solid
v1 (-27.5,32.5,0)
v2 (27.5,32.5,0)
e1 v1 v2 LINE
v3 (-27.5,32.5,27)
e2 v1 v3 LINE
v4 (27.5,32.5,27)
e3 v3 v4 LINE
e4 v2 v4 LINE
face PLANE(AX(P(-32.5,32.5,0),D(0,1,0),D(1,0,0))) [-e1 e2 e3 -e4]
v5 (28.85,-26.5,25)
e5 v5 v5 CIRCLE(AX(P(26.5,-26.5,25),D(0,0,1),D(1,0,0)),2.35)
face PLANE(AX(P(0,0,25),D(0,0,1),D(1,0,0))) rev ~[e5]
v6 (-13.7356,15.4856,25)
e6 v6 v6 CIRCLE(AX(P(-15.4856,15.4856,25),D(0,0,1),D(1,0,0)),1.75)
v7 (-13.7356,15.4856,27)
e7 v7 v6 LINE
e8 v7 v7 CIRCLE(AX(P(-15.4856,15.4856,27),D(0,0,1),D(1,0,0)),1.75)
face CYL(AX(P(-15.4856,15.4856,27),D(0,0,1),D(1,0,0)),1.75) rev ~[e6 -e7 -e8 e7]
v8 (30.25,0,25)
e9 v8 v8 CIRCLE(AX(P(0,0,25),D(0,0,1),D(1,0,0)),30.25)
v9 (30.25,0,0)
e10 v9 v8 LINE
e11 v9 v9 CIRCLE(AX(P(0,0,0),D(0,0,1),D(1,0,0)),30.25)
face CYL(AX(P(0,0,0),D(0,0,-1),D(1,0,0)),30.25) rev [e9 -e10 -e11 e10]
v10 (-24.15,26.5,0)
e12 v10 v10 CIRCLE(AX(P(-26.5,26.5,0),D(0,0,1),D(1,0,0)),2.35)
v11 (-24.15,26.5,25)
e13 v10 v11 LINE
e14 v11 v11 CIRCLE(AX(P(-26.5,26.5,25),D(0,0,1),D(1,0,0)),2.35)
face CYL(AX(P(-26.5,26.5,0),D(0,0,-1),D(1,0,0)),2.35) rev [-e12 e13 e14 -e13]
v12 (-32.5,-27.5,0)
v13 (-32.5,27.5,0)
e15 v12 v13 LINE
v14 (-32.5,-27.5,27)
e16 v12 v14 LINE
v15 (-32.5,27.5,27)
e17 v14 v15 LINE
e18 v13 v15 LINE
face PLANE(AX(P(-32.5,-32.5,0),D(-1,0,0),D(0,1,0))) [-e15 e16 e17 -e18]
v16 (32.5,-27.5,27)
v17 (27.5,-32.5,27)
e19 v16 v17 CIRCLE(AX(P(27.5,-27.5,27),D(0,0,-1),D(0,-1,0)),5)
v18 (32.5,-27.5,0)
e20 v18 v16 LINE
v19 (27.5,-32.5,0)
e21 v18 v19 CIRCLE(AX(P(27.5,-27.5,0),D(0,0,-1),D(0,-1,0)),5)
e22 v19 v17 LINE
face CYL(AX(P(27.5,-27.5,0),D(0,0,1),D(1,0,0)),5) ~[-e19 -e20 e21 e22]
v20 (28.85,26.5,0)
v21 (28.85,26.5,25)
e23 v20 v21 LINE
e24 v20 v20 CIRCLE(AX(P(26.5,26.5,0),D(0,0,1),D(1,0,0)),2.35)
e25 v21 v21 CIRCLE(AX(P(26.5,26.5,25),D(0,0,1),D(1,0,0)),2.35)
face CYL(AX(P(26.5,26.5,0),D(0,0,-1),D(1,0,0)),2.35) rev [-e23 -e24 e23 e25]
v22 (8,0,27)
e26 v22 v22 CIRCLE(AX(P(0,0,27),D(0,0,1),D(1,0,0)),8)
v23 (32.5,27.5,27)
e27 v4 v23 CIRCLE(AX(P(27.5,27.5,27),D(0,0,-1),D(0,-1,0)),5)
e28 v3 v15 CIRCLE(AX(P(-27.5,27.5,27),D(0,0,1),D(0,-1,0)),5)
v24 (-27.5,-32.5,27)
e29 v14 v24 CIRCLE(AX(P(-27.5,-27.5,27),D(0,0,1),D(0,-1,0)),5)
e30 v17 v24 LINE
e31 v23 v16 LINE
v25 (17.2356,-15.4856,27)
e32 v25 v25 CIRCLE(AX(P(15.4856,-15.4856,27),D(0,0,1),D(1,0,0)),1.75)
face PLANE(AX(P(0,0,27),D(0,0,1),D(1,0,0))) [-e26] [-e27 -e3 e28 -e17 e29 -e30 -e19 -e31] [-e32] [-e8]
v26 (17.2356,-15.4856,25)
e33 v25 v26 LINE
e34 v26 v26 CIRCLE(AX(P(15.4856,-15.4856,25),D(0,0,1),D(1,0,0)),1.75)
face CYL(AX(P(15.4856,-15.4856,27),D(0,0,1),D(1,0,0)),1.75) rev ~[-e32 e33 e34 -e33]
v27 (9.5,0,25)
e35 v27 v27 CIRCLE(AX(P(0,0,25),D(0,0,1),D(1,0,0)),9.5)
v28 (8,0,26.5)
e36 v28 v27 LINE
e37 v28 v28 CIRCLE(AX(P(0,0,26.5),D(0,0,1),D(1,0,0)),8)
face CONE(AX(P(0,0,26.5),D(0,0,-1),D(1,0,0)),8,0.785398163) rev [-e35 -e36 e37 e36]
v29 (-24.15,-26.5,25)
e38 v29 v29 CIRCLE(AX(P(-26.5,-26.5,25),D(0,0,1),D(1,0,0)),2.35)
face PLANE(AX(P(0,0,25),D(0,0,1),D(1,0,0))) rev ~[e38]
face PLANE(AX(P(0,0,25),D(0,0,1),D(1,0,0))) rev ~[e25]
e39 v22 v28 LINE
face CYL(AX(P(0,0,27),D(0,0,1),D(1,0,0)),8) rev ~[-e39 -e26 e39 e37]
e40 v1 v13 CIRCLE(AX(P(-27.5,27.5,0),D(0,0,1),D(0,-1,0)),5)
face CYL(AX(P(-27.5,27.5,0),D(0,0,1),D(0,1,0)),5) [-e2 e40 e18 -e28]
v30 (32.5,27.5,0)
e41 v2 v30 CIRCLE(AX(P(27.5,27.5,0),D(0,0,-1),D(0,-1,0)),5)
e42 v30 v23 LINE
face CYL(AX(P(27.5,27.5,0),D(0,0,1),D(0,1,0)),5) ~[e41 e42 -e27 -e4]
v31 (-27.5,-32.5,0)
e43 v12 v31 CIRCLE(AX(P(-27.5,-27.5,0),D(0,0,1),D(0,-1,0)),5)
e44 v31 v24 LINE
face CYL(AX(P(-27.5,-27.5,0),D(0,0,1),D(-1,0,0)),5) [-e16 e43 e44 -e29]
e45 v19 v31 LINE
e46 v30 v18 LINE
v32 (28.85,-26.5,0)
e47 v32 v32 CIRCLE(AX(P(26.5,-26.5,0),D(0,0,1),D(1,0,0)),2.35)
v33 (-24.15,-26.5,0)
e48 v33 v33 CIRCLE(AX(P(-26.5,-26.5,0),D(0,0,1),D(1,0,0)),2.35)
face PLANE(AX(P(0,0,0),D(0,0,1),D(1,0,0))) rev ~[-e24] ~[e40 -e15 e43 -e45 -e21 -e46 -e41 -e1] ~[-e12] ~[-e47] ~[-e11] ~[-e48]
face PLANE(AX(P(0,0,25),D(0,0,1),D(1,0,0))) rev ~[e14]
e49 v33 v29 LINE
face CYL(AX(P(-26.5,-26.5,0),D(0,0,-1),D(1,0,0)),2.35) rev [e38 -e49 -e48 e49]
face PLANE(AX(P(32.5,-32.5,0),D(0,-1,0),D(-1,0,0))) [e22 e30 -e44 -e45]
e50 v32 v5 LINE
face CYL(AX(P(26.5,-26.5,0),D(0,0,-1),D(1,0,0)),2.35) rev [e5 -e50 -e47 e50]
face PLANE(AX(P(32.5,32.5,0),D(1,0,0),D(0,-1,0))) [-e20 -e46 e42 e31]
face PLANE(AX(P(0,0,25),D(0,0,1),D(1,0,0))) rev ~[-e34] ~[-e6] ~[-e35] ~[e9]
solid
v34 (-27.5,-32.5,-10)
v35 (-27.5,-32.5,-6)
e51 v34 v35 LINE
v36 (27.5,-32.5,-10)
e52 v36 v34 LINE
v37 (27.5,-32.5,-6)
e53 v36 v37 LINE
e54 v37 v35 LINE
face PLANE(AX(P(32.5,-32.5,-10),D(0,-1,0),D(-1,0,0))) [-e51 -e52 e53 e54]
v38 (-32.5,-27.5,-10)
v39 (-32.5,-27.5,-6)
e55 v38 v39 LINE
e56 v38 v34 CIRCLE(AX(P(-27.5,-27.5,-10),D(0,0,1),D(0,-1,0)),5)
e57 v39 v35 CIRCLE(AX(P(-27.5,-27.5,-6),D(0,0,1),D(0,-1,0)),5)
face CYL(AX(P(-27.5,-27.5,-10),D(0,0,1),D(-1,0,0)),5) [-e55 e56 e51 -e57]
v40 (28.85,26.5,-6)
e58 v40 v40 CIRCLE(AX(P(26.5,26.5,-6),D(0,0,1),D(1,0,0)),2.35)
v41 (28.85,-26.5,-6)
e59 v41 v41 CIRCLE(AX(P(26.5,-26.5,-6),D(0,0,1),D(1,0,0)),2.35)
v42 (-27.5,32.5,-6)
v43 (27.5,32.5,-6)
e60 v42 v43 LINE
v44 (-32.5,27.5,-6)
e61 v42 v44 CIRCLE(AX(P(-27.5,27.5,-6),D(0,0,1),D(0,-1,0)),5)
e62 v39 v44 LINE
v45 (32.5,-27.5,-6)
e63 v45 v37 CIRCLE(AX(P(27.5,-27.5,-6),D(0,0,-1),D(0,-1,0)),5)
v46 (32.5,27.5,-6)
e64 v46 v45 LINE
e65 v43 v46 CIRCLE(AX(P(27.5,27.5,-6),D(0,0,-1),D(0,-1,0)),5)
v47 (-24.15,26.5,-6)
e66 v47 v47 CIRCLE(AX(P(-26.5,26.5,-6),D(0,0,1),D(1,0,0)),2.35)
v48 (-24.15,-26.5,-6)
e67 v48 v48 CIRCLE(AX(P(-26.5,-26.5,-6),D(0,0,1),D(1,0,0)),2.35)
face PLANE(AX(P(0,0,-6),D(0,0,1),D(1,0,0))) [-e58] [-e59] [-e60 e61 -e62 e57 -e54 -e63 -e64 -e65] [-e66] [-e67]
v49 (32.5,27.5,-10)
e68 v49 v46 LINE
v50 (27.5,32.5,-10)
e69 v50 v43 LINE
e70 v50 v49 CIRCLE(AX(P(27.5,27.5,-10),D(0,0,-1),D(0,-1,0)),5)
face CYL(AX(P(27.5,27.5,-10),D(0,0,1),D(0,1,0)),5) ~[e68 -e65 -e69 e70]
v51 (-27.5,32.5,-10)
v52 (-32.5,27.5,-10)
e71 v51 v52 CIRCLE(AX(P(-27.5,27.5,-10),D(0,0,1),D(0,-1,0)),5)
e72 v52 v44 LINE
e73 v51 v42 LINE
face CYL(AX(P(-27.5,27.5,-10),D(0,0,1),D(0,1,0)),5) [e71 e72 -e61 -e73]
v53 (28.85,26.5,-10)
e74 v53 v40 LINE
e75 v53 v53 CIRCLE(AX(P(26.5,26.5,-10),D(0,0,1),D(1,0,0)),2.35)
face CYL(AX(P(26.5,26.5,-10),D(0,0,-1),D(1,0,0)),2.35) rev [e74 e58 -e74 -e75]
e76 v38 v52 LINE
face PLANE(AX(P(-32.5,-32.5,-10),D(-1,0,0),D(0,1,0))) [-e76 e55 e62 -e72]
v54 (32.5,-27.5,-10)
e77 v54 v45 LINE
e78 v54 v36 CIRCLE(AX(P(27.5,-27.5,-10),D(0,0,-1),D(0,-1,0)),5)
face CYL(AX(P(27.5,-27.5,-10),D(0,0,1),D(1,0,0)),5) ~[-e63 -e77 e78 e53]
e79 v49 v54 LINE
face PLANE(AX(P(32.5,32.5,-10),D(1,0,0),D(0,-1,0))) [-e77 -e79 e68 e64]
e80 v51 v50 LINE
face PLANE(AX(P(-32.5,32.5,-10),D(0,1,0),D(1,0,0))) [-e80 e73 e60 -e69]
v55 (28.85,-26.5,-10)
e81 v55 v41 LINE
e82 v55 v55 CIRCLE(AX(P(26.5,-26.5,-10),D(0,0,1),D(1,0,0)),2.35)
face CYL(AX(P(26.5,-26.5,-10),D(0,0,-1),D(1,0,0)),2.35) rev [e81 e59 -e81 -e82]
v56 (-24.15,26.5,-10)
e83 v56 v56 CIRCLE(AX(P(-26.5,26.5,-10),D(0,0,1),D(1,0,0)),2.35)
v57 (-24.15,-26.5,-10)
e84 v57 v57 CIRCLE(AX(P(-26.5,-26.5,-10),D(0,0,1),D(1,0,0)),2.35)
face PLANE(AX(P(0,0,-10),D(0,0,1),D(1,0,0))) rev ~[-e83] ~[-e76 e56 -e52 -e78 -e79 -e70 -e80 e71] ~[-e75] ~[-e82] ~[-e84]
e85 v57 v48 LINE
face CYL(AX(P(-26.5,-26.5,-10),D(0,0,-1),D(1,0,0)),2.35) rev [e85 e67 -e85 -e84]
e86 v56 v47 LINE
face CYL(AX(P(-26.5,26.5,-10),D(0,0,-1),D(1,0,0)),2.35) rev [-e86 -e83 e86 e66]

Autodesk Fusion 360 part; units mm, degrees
sketch "Sketch1" plane through (0, 0, 0) normal (0, 0, 1) x (1, 0, 0)
  line L0 (-32.5, 32.5) -> (32.5, 32.5)
  line L1 (32.5, 32.5) -> (32.5, -32.5)
  line L2 (32.5, -32.5) -> (-32.5, -32.5)
  line L3 (-32.5, -32.5) -> (-32.5, 32.5)
  line L4 (-32.5, 32.5) -> (32.5, -32.5) construction
  line L5 (32.5, 32.5) -> (-32.5, -32.5) construction
  circle A0 centre (-26.5, 26.5) radius 2.35
  line L6 (-32.5, 0) -> (32.5, 0) construction
  line L7 (0, 32.5) -> (0, -32.5) construction
  circle A1 centre (-26.5, -26.5) radius 2.35
  circle A2 centre (26.5, -26.5) radius 2.35
  circle A3 centre (26.5, 26.5) radius 2.35
  circle A4 centre (0, 0) radius 30.25
  circle A5 centre (0, 0) radius 8
  circle A6 centre (0, 0) radius 6.2
  dimension "d1" = 65
  dimension "d2" = 65
  dimension "d3" = 4.7
  dimension "d4" = 26.5
  dimension "d6" = 360
  dimension "d7" = 60.5
  dimension "d17" = 12.4
  dimension "d18" = 16
extrude "Extrude1" add sketch "Sketch1" along normal blind 27 contours L0 L1 L2 L3 makes body 1
sketch "Sketch2" plane through (0, 0, 27) normal (0, 0, 1) x (1, 0, 0)
  circle A0 centre (26.5, -26.5) radius 2.35
  circle A1 centre (-26.5, 26.5) radius 2.35
  circle A2 centre (-26.5, -26.5) radius 2.35
  circle A3 centre (26.5, 26.5) radius 2.35
  circle A4 centre (0, 0) radius 30.25
  line L0 (-32.5, -32.5) -> (32.5, -32.5)
  line L1 (32.5, -32.5) -> (32.5, 32.5)
  line L2 (32.5, 32.5) -> (-32.5, 32.5)
  line L3 (-32.5, 32.5) -> (-32.5, -32.5)
  circle A5 centre (0, 0) radius 8
  line L4 (-32.5, 32.5) -> (32.5, -32.5) construction
  line L5 (32.5, 32.5) -> (-32.5, -32.5) construction
  circle A6 centre (-15.4856, 15.4856) radius 1.75
  circle A7 centre (15.4856, -15.4856) radius 1.75
  dimension "d14" = 16
  dimension "d15" = 3.5
  dimension "d16" = 21.9
extrude "Extrude2" add sketch "Sketch2" against normal blind 2 contours A0 | A1 | A2 | A3 | A4 bodies 1
fillet "Fillet1" radius 5 4 edges at (-32.5, 32.5, 13.5) (32.5, 32.5, 13.5) (-32.5, -32.5, 13.5) (32.5, -32.5, 13.5) on bodies 1
extrude "Extrude3" add sketch "Sketch1" along normal blind 14 separate body contours A5 makes body 2
sketch "Sketch3" plane through (0, 0, 14) normal (0, 0, 1) x (1, 0, 0)
  circle A0 centre (0, 0) radius 6.2
  circle A1 centre (0, 0) radius 8
  line L0 (0, 32.5) -> (0, -32.5) construction
  line L1 (0, 0) -> (-0.946, -4.4506) construction
  line L2 (0, 0) -> (0.4286, -4.0775) construction
  line L3 (0.4756, -4.5251) -> (0.4286, -4.0775)
  line L4 (-0.4756, -4.5251) -> (-0.4286, -4.0775)
  arc A2 (-0.4756, -4.5251) -> (0.4756, -4.5251) centre (0, 0) ccw
  line L5 (2.275, -3.9404) -> (2.05, -3.5507)
  arc A3 (1.406, -4.3273) -> (2.275, -3.9404) centre (0, 0) ccw
  line L6 (1.406, -4.3273) -> (1.267, -3.8993)
  line L7 (3.681, -2.6744) -> (3.317, -2.4099)
  arc A4 (3.0445, -3.3813) -> (3.681, -2.6744) centre (0, 0) ccw
  line L8 (3.0445, -3.3813) -> (2.7434, -3.0469)
  line L9 (4.4506, -0.946) -> (4.0104, -0.8524)
  arc A5 (4.1566, -1.8507) -> (4.4506, -0.946) centre (0, 0) ccw
  line L10 (4.1566, -1.8507) -> (3.7455, -1.6676)
  line L11 (4.4506, 0.946) -> (4.0104, 0.8524)
  arc A6 (4.55, 0) -> (4.4506, 0.946) centre (0, 0) ccw
  line L12 (4.55, 0) -> (4.1, 0)
  line L13 (3.681, 2.6744) -> (3.317, 2.4099)
  arc A7 (4.1566, 1.8507) -> (3.681, 2.6744) centre (0, 0) ccw
  line L14 (4.1566, 1.8507) -> (3.7455, 1.6676)
  line L15 (2.275, 3.9404) -> (2.05, 3.5507)
  arc A8 (3.0445, 3.3813) -> (2.275, 3.9404) centre (0, 0) ccw
  line L16 (3.0445, 3.3813) -> (2.7434, 3.0469)
  line L17 (0.4756, 4.5251) -> (0.4286, 4.0775)
  arc A9 (1.406, 4.3273) -> (0.4756, 4.5251) centre (0, 0) ccw
  line L18 (1.406, 4.3273) -> (1.267, 3.8993)
  line L19 (-1.406, 4.3273) -> (-1.267, 3.8993)
  arc A10 (-0.4756, 4.5251) -> (-1.406, 4.3273) centre (0, 0) ccw
  line L20 (-0.4756, 4.5251) -> (-0.4286, 4.0775)
  line L21 (-3.0445, 3.3813) -> (-2.7434, 3.0469)
  arc A11 (-2.275, 3.9404) -> (-3.0445, 3.3813) centre (0, 0) ccw
  line L22 (-2.275, 3.9404) -> (-2.05, 3.5507)
  line L23 (-4.1566, 1.8507) -> (-3.7455, 1.6676)
  arc A12 (-3.681, 2.6744) -> (-4.1566, 1.8507) centre (0, 0) ccw
  line L24 (-3.681, 2.6744) -> (-3.317, 2.4099)
  line L25 (-4.55, 0) -> (-4.1, 0)
  arc A13 (-4.4506, 0.946) -> (-4.55, 0) centre (0, 0) ccw
  line L26 (-4.4506, 0.946) -> (-4.0104, 0.8524)
  line L27 (-4.1566, -1.8507) -> (-3.7455, -1.6676)
  arc A14 (-4.4506, -0.946) -> (-4.1566, -1.8507) centre (0, 0) ccw
  line L28 (-4.4506, -0.946) -> (-4.0104, -0.8524)
  line L29 (-3.0445, -3.3813) -> (-2.7434, -3.0469)
  arc A15 (-3.681, -2.6744) -> (-3.0445, -3.3813) centre (0, 0) ccw
  line L30 (-3.681, -2.6744) -> (-3.317, -2.4099)
  line L31 (-1.406, -4.3273) -> (-1.267, -3.8993)
  arc A16 (-2.275, -3.9404) -> (-1.406, -4.3273) centre (0, 0) ccw
  line L32 (-2.275, -3.9404) -> (-2.05, -3.5507)
  arc A17 (-1.267, -3.8993) -> (-0.4286, -4.0775) centre (0, 0) ccw
  arc A18 (-2.7434, -3.0469) -> (-2.05, -3.5507) centre (0, 0) ccw
  arc A19 (-3.7455, -1.6676) -> (-3.317, -2.4099) centre (0, 0) ccw
  arc A20 (-4.1, 0) -> (-4.0104, -0.8524) centre (0, 0) ccw
  arc A21 (-3.7455, 1.6676) -> (-4.0104, 0.8524) centre (0, 0) ccw
  arc A22 (-2.7434, 3.0469) -> (-3.317, 2.4099) centre (0, 0) ccw
  arc A23 (-1.267, 3.8993) -> (-2.05, 3.5507) centre (0, 0) ccw
  arc A24 (0.4286, 4.0775) -> (-0.4286, 4.0775) centre (0, 0) ccw
  arc A25 (2.05, 3.5507) -> (1.267, 3.8993) centre (0, 0) ccw
  arc A26 (4.0104, -0.8524) -> (4.1, 0) centre (0, 0) ccw
  arc A27 (3.317, -2.4099) -> (3.7455, -1.6676) centre (0, 0) ccw
  arc A28 (0.4286, -4.0775) -> (1.267, -3.8993) centre (0, 0) ccw
  arc A29 (2.05, -3.5507) -> (2.7434, -3.0469) centre (0, 0) ccw
  arc A30 (4.0104, 0.8524) -> (3.7455, 1.6676) centre (0, 0) ccw
  arc A31 (3.317, 2.4099) -> (2.7434, 3.0469) centre (0, 0) ccw
  dimension "d21" = 9.1
  dimension "d23" = 8.2
  dimension "d24" = 6
  dimension "d26" = 360
extrude "Extrude4" add sketch "Sketch3" against normal blind 5 contours A0 bodies 2
chamfer "Chamfer1" distance 1.5 angle 45 1 edges at (-7.4586, -2.8929, 25) on bodies 1
extrude "Extrude5" add sketch "Sketch1" along normal blind 4 from surface at -10 separate body contours L0 L1 L2 L3 | A4 | A5 | A6 makes body 3
fillet "Fillet2" radius 5 4 edges at (-32.5, 32.5, -8) (-32.5, -32.5, -8) (32.5, 32.5, -8) (32.5, -32.5, -8) on bodies 3
hidden bodies 2
equation "d2 = d1"
equation "d4 = ( 53 / 2 ) * 1 mm"
equation "d16 = ( ( 46.3 - 2.5 ) / 2 ) * 1 mm"
